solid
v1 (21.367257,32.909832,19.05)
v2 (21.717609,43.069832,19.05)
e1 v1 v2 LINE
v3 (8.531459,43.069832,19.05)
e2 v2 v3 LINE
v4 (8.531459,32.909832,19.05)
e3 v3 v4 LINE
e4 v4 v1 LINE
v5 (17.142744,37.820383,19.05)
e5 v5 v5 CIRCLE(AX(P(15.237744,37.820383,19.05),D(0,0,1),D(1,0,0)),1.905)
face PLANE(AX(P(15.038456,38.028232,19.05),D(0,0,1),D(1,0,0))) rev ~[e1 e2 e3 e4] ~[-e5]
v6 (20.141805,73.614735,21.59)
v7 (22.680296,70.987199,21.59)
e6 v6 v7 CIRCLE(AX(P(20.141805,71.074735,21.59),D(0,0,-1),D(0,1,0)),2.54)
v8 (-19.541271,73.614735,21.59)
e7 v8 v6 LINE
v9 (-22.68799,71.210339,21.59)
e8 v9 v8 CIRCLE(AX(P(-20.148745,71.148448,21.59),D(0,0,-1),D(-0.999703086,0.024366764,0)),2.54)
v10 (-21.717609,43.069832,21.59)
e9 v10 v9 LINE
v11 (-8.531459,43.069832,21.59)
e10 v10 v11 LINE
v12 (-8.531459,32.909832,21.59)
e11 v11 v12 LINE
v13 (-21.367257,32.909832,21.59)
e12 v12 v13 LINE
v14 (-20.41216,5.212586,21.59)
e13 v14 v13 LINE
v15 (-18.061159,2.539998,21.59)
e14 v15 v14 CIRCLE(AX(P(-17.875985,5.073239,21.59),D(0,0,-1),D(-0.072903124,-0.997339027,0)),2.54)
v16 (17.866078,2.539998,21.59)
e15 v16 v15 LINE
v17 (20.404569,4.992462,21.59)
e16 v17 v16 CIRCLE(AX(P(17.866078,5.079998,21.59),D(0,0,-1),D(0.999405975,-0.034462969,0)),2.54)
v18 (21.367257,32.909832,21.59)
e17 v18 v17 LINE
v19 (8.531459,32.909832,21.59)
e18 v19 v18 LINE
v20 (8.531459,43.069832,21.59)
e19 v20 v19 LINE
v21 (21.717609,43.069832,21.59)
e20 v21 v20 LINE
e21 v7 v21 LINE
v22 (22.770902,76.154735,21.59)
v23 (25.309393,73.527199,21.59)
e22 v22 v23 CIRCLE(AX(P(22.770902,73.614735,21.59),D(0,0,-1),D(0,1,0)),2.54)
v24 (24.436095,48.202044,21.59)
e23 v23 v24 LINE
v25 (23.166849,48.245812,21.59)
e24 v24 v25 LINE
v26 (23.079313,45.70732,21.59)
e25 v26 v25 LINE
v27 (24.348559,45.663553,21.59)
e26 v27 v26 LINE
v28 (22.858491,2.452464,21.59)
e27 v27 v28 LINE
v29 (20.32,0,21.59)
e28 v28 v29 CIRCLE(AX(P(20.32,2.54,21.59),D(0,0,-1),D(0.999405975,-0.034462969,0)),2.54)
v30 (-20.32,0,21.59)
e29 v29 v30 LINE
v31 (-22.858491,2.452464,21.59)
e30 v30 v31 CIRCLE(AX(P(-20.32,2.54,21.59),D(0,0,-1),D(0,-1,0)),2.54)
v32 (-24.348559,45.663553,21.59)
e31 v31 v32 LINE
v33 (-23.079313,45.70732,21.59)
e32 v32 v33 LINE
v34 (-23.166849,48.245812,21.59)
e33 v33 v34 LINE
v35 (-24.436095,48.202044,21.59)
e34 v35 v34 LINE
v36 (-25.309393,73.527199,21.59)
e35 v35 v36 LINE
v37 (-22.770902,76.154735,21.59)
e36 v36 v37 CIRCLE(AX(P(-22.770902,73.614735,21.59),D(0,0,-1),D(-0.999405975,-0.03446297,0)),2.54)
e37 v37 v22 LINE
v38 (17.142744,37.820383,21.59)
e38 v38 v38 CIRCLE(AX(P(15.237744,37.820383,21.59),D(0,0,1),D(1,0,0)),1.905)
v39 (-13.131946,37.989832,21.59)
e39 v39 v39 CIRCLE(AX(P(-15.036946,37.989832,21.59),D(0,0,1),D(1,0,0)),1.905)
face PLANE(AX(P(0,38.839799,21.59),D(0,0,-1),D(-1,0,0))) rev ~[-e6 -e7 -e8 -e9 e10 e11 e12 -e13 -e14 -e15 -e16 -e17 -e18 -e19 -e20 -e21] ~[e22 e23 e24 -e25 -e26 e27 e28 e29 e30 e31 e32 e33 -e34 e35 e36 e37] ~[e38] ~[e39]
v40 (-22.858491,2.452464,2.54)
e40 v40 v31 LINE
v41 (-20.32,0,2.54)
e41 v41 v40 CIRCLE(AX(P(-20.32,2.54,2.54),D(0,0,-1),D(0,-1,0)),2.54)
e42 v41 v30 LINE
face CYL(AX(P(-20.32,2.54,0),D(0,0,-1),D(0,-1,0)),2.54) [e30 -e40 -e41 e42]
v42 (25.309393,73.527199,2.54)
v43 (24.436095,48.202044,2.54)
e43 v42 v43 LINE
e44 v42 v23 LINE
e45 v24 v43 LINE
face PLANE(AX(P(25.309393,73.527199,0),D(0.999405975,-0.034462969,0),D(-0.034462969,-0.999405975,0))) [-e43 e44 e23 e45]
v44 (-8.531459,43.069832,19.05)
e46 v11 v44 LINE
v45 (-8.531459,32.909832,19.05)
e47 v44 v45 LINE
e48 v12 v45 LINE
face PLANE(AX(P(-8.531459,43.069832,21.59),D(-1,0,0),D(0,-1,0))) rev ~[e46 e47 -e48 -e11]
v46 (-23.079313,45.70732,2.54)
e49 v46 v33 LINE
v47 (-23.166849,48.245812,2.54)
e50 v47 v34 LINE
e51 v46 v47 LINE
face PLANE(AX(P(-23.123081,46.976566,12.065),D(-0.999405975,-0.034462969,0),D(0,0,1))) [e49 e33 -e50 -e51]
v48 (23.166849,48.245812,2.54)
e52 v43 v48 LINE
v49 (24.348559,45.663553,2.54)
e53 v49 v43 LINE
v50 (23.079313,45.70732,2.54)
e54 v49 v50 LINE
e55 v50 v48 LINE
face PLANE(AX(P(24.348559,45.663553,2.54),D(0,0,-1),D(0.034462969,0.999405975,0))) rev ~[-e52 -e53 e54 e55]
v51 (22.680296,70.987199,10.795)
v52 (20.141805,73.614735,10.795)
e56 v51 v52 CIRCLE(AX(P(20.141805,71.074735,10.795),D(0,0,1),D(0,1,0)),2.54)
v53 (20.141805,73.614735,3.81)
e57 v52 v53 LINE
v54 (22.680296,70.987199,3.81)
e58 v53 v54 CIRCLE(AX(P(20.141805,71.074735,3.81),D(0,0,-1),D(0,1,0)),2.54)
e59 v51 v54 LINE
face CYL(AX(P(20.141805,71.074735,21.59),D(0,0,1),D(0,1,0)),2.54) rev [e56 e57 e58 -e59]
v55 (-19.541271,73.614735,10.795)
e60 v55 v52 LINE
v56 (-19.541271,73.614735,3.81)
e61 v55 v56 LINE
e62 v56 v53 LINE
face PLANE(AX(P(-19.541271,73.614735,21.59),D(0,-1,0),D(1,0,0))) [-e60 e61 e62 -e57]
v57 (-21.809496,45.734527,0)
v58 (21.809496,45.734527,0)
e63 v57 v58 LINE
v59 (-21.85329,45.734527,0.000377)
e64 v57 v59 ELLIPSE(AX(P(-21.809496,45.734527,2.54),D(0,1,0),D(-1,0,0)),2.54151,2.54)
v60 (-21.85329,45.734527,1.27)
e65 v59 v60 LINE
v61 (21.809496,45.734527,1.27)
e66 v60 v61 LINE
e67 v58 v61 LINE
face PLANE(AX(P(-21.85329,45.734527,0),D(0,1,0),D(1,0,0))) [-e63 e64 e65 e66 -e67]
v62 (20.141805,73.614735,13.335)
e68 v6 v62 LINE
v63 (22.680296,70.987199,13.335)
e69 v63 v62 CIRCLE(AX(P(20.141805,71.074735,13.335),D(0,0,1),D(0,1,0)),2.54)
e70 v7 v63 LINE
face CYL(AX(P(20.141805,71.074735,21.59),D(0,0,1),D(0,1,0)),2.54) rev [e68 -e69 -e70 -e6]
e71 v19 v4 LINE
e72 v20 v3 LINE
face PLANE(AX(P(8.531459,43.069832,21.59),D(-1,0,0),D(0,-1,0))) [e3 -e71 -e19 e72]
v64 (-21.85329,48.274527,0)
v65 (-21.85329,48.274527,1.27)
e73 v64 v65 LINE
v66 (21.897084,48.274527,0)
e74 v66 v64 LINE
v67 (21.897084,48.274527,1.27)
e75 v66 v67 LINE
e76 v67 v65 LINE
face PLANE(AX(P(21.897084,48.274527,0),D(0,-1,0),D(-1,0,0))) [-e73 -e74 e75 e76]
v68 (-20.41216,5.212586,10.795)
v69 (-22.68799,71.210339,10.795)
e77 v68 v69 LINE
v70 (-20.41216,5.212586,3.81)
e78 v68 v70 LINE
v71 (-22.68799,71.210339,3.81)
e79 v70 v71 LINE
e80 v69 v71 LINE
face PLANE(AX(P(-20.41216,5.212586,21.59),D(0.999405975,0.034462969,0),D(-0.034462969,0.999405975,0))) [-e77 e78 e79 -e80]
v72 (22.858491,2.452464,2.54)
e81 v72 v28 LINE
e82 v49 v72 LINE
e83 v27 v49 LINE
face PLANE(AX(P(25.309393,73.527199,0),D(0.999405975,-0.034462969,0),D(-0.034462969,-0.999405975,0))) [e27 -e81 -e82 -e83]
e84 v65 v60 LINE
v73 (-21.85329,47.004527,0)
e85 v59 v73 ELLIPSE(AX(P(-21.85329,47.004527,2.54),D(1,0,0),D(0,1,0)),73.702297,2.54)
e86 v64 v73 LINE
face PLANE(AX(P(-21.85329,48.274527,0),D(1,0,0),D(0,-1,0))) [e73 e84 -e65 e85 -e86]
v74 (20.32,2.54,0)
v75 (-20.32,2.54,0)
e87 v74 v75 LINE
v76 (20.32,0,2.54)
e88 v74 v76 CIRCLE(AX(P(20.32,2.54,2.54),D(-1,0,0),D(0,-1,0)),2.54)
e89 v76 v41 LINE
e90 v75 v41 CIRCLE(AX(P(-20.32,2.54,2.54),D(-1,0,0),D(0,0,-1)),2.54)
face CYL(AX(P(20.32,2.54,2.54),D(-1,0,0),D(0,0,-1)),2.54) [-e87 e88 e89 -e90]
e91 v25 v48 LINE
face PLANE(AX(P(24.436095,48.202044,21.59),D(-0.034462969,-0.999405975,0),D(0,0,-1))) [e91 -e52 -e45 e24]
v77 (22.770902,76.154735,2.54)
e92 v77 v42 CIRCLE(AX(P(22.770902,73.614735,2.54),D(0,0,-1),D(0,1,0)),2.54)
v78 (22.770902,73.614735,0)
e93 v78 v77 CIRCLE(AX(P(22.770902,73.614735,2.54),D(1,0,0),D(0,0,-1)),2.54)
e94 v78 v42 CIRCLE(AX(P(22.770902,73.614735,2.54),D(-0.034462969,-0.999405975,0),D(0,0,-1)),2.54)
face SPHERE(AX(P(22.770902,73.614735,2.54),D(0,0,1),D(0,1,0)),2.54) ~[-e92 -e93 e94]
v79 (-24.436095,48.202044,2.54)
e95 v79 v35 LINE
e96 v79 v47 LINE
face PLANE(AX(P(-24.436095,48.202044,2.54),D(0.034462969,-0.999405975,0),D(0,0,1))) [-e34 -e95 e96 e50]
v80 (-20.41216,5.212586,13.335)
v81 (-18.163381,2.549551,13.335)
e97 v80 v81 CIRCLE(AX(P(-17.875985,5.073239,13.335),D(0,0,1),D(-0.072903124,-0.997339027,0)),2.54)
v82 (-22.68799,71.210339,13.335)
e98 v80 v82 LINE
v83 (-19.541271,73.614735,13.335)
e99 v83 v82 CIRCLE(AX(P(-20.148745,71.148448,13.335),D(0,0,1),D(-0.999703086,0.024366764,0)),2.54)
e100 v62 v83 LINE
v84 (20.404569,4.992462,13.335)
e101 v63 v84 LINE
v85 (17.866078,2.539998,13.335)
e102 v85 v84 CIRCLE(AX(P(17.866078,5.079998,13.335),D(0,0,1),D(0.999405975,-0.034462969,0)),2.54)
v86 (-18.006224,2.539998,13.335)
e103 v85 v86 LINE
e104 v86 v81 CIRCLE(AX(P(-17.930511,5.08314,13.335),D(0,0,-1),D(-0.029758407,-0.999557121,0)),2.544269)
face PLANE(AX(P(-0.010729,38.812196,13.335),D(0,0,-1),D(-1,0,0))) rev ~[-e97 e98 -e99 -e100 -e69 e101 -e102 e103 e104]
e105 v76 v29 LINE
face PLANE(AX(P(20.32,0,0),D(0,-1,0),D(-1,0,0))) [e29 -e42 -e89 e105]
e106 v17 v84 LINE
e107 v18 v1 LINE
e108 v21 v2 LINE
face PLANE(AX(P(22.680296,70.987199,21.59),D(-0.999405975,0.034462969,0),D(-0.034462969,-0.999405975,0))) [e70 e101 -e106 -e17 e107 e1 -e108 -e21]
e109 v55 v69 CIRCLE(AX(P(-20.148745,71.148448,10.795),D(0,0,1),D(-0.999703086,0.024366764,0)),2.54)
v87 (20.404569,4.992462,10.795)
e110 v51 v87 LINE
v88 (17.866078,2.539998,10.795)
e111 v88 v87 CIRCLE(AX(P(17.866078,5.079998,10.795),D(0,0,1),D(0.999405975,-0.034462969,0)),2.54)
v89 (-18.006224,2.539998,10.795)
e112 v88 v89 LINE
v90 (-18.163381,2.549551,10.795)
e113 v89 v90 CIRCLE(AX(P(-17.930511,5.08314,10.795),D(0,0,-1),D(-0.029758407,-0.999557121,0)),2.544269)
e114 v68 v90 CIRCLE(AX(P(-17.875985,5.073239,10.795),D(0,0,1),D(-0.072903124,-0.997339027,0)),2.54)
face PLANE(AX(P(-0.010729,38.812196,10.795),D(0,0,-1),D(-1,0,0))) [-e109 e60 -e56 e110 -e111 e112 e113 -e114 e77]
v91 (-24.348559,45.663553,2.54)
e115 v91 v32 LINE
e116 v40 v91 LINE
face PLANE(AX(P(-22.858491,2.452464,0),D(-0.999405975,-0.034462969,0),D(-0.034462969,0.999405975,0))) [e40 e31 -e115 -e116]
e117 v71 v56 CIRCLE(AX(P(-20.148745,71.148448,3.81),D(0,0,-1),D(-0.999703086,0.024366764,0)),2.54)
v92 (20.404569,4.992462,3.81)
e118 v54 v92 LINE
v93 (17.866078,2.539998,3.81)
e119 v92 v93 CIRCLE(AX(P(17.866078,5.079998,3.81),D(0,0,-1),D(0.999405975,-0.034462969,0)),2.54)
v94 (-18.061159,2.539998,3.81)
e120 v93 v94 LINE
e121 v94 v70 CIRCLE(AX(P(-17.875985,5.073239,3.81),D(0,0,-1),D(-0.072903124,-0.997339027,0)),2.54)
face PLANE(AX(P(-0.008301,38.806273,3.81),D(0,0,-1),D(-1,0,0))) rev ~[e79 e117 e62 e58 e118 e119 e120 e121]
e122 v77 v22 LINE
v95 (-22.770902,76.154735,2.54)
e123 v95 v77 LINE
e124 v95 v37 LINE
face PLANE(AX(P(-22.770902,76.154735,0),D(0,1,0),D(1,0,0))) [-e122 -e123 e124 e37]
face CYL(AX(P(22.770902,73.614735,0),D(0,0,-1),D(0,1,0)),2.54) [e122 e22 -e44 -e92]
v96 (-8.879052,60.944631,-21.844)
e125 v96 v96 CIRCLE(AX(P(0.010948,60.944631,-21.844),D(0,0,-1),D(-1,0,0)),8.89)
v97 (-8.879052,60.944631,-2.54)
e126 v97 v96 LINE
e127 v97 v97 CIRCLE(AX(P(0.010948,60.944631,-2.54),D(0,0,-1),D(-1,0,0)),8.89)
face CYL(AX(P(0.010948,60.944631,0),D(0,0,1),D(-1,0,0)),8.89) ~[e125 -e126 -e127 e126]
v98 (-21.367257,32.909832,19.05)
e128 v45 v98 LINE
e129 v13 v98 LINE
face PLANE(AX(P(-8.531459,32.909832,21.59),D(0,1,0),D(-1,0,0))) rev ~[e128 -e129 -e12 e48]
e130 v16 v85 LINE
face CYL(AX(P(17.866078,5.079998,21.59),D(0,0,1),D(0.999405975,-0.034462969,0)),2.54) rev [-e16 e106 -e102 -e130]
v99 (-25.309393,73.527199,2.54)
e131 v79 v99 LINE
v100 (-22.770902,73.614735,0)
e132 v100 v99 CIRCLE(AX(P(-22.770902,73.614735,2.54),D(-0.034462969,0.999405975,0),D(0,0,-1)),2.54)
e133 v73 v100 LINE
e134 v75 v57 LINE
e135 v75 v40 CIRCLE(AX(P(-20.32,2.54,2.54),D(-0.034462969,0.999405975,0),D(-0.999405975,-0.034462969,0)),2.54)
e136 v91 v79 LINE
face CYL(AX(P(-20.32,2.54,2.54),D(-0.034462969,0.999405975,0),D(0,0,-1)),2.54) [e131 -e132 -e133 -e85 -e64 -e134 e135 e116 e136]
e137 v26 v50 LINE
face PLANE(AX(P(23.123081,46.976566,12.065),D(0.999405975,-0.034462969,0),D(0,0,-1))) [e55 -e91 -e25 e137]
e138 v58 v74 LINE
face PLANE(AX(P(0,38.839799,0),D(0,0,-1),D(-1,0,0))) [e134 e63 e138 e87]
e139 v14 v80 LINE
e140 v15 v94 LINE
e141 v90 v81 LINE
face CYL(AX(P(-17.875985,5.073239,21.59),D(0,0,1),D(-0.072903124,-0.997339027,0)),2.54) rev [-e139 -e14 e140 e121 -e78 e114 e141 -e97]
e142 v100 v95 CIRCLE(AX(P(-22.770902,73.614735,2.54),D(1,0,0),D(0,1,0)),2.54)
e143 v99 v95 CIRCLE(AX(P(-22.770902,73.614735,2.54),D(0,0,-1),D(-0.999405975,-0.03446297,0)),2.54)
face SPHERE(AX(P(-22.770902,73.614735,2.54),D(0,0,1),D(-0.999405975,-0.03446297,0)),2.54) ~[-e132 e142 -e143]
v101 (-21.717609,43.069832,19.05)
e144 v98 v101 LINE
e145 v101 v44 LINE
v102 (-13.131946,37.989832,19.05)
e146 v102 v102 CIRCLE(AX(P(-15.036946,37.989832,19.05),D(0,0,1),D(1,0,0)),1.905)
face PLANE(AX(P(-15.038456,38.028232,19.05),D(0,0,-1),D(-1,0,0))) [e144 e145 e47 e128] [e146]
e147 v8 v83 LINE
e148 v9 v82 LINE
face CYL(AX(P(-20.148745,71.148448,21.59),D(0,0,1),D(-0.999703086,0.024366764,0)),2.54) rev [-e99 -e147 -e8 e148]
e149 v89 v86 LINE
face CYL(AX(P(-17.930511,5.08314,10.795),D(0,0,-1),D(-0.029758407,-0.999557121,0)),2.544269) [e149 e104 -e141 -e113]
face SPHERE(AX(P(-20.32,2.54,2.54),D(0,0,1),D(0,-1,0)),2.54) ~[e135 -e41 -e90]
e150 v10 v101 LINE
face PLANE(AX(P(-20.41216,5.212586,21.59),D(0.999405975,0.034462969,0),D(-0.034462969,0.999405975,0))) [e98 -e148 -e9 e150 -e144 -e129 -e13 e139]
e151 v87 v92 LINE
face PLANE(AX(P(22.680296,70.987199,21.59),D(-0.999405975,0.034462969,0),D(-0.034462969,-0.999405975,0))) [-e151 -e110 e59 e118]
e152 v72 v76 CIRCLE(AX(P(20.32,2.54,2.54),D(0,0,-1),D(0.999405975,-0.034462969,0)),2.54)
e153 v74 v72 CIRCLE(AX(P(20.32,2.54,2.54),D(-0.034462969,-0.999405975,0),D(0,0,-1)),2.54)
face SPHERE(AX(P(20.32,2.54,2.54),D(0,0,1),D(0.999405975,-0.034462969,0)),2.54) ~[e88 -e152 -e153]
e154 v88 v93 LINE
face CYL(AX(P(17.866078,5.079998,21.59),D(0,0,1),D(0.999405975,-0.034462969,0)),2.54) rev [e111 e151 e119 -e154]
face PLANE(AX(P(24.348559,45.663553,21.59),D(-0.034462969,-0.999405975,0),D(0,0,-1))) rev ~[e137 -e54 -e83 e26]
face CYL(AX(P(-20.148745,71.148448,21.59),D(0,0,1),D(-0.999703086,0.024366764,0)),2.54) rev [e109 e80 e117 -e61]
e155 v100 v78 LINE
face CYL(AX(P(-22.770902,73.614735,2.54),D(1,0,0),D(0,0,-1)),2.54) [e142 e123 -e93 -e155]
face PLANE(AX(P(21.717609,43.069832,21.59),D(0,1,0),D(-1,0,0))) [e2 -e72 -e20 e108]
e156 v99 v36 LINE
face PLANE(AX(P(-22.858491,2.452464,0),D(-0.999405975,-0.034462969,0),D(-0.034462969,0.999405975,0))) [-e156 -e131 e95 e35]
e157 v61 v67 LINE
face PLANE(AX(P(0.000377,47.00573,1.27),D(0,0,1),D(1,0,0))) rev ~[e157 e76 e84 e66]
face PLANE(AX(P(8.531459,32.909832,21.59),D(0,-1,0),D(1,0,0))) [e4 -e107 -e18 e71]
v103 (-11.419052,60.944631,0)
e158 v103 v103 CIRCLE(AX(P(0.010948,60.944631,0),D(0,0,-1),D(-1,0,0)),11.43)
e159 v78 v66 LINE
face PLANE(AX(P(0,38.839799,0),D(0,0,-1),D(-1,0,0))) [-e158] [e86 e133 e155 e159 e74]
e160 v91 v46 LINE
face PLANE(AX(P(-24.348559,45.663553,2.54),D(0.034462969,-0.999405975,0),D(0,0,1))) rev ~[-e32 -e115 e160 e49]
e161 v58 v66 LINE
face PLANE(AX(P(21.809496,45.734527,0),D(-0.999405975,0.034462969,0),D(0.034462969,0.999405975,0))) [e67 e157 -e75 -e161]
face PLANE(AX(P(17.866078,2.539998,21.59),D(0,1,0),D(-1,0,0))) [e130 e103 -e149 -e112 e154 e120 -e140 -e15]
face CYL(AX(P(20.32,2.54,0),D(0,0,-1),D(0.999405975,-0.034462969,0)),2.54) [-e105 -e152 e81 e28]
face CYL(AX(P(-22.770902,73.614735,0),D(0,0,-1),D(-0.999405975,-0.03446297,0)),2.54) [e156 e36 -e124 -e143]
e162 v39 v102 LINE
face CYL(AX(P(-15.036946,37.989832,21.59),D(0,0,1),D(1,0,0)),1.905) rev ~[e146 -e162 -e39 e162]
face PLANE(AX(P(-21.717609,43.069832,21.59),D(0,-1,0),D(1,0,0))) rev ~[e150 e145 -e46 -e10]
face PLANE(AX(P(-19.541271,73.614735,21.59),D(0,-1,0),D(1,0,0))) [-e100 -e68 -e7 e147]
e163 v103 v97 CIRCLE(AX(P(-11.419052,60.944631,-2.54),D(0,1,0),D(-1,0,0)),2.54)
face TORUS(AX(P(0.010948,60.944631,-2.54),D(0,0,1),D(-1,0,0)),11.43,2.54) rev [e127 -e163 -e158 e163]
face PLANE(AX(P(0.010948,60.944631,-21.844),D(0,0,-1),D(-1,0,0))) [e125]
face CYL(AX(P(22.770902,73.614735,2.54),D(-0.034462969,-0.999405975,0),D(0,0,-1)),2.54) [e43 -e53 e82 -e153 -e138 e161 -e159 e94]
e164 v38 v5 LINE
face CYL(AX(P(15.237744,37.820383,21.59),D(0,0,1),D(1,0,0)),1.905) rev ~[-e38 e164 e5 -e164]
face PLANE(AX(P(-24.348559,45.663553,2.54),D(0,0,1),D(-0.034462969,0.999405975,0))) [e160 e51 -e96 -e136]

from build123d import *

# Parameters (mm, degrees)
BOSS_EXTRUDE2_DEPTH = 21.59
CUT_EXTRUDE1_DEPTH  = 17.78
BOSS_EXTRUDE4_DEPTH = 2.54
SKETCH8_R           = 1.905
CUT_EXTRUDE2_DEPTH  = 2.54
BOSS_EXTRUDE6_DEPTH = 2.54
FILLET1_R           = 2.54
SKETCH13_W          = 19.05
SKETCH13_H          = 2.54
CUT_EXTRUDE5_DEPTH  = 1.27
CUT_EXTRUDE6_DEPTH  = 1.27
SKETCH16_W          = 19.05
SKETCH16_H          = 2.54
CUT_EXTRUDE7_DEPTH  = 1.27
SKETCH17_R          = 8.89
BOSS_EXTRUDE7_DEPTH = 21.844
FILLET2_R           = 2.54


with BuildPart() as part:
    # Sketch3 → Boss-Extrude2 (new body)
    with BuildSketch(Plane.XY):
        with BuildLine():
            Line((-22.77090231, 76.154735329), (22.77090231, 76.154735329))
            ThreePointArc((22.77090231, 76.154735329), (24.597640016, 75.379566583), (25.309393487, 73.527199387))
            Line((25.309393487, 73.527199387), (22.858491178, 2.452464058))
            ThreePointArc((22.858491178, 2.452464058), (22.084831254, 0.713262294), (20.32, 0))
            Line((20.32, 0), (-20.32, 0))
            ThreePointArc((-20.32, 0), (-22.084831254, 0.713262294), (-22.858491178, 2.452464058))
            Line((-22.858491178, 2.452464058), (-25.309393487, 73.527199387))
            ThreePointArc((-25.309393487, 73.527199387), (-24.597640016, 75.379566583), (-22.77090231, 76.154735329))
        make_face()
    extrude(amount=BOSS_EXTRUDE2_DEPTH)

    # Sketch4 → Cut-Extrude1 (cut)
    with BuildSketch(Plane.XY.offset(21.59)):
        with BuildLine():
            Line((-19.541270744, 73.614735329), (20.141804619, 73.614735329))
            ThreePointArc((20.141804619, 73.614735329), (21.968542325, 72.839566583), (22.680295797, 70.987199387))
            Line((22.680295797, 70.987199387), (20.404569365, 4.992462187))
            ThreePointArc((20.404569365, 4.992462187), (19.630909441, 3.253260423), (17.866078187, 2.539998129))
            Line((17.866078187, 2.539998129), (-18.061159176, 2.539998129))
            ThreePointArc((-18.061159176, 2.539998129), (-19.78310781, 3.39559701), (-20.412160003, 5.212586245))
            Line((-20.412160003, 5.212586245), (-22.687990425, 71.210339105))
            ThreePointArc((-22.687990425, 71.210339105), (-21.690891162, 73.166710129), (-19.541270744, 73.614735329))
        make_face()
    extrude(amount=-CUT_EXTRUDE1_DEPTH, mode=Mode.SUBTRACT)

    # Sketch7 → Boss-Extrude4 (add)
    with BuildSketch(Plane.XY.offset(21.59)):
        Polygon((-21.717608556, 43.069831723), (-8.531459132, 43.069831723), (-8.531459132, 32.909831723), (-21.367256671, 32.909831723), align=None)
        Polygon((8.531459132, 32.909831723), (21.367256671, 32.909831723), (21.717608556, 43.069831723), (8.531459132, 43.069831723), align=None)
    extrude(amount=-BOSS_EXTRUDE4_DEPTH)

    # Sketch8 → Cut-Extrude2 (cut)
    with BuildSketch(Plane.XY.offset(21.59)):
        with Locations((-15.036945873, 37.989831723)):
            Circle(SKETCH8_R)
        with Locations((15.237744036, 37.820383377)):
            Circle(SKETCH8_R)
    extrude(amount=-CUT_EXTRUDE2_DEPTH, mode=Mode.SUBTRACT)

    # Sketch10 → Boss-Extrude6 (add)
    with BuildSketch(Plane.XY.offset(10.795)):
        with BuildLine():
            Line((-19.48633529, 73.614735329), (20.196740073, 73.614735329))
            ThreePointArc((20.196740073, 73.614735329), (22.023477783, 72.839566579), (22.73523125, 70.987199377))
            Line((22.73523125, 70.987199377), (20.459504542, 4.992462177))
            ThreePointArc((20.459504542, 4.992462177), (19.685844615, 3.253260419), (17.921013365, 2.539998129))
            Line((17.921013365, 2.539998129), (-18.006223999, 2.539998129))
            ThreePointArc((-18.006223999, 2.539998129), (-19.816312644, 3.37520138), (-20.468700556, 5.258914571))
            Line((-20.468700556, 5.258914571), (-22.744530979, 71.256667431))
            ThreePointArc((-22.744530979, 71.256667431), (-21.694916693, 73.236386905), (-19.48633529, 73.614735329))
        make_face()
    extrude(amount=BOSS_EXTRUDE6_DEPTH)

    # Fillet1
    fillet1_edges = [part.edges().sort_by_distance(p)[0] for p in [
        (24.083942332, 37.989831723, 0),
        (22.084831254, 0.713262294, 0),
        (0, 0, 0),
        (-22.084831254, 0.713262294, 0),
        (-24.083942332, 37.989831723, 0),
        (-24.597640016, 75.379566583, 0),
        (0, 76.154735329, 0),
        (24.597640016, 75.379566583, 0),
    ]]
    fillet(fillet1_edges, radius=FILLET1_R)

    # Sketch13 → Cut-Extrude5 (cut)
    with BuildSketch(Plane(origin=(22.746873247, -0.784390739, 0), x_dir=(0, 0, -1), z_dir=(0.999405975, -0.034462969, 0))):
        with Locations((-12.065, 47.745550873)):
            Rectangle(SKETCH13_W, SKETCH13_H)
    extrude(amount=-CUT_EXTRUDE5_DEPTH, mode=Mode.SUBTRACT)

    # Sketch14 → Cut-Extrude6 (cut)
    with BuildSketch(Plane(origin=(0, 0, 0), x_dir=(-1, 0, 0), z_dir=(0, 0, -1))):
        Polygon((-21.897084419, 48.274526929), (21.853290434, 48.274526929), (21.853290434, 45.734526929), (-21.809496448, 45.734526929), align=None)
    extrude(amount=-CUT_EXTRUDE6_DEPTH, mode=Mode.SUBTRACT)

    # Sketch16 → Cut-Extrude7 (cut)
    with BuildSketch(Plane(origin=(-22.746873247, -0.784390739, 0), x_dir=(0, 0, 1), z_dir=(-0.999405975, -0.034462969, 0))):
        with Locations((12.065, 47.745550873)):
            Rectangle(SKETCH16_W, SKETCH16_H)
    extrude(amount=-CUT_EXTRUDE7_DEPTH, mode=Mode.SUBTRACT)

    # Sketch17 → Boss-Extrude7 (add)
    with BuildSketch(Plane(origin=(0, 0, 0), x_dir=(-1, 0, 0), z_dir=(0, 0, -1))):
        with Locations((-0.010948496, 60.944631129)):
            Circle(SKETCH17_R)
    extrude(amount=BOSS_EXTRUDE7_DEPTH)

    # Fillet2
    fillet2_edges = [part.edges().sort_by_distance(p)[0] for p in [
        (8.900948496, 60.944631129, 0),
    ]]
    fillet(fillet2_edges, radius=FILLET2_R)


solid = part.part
